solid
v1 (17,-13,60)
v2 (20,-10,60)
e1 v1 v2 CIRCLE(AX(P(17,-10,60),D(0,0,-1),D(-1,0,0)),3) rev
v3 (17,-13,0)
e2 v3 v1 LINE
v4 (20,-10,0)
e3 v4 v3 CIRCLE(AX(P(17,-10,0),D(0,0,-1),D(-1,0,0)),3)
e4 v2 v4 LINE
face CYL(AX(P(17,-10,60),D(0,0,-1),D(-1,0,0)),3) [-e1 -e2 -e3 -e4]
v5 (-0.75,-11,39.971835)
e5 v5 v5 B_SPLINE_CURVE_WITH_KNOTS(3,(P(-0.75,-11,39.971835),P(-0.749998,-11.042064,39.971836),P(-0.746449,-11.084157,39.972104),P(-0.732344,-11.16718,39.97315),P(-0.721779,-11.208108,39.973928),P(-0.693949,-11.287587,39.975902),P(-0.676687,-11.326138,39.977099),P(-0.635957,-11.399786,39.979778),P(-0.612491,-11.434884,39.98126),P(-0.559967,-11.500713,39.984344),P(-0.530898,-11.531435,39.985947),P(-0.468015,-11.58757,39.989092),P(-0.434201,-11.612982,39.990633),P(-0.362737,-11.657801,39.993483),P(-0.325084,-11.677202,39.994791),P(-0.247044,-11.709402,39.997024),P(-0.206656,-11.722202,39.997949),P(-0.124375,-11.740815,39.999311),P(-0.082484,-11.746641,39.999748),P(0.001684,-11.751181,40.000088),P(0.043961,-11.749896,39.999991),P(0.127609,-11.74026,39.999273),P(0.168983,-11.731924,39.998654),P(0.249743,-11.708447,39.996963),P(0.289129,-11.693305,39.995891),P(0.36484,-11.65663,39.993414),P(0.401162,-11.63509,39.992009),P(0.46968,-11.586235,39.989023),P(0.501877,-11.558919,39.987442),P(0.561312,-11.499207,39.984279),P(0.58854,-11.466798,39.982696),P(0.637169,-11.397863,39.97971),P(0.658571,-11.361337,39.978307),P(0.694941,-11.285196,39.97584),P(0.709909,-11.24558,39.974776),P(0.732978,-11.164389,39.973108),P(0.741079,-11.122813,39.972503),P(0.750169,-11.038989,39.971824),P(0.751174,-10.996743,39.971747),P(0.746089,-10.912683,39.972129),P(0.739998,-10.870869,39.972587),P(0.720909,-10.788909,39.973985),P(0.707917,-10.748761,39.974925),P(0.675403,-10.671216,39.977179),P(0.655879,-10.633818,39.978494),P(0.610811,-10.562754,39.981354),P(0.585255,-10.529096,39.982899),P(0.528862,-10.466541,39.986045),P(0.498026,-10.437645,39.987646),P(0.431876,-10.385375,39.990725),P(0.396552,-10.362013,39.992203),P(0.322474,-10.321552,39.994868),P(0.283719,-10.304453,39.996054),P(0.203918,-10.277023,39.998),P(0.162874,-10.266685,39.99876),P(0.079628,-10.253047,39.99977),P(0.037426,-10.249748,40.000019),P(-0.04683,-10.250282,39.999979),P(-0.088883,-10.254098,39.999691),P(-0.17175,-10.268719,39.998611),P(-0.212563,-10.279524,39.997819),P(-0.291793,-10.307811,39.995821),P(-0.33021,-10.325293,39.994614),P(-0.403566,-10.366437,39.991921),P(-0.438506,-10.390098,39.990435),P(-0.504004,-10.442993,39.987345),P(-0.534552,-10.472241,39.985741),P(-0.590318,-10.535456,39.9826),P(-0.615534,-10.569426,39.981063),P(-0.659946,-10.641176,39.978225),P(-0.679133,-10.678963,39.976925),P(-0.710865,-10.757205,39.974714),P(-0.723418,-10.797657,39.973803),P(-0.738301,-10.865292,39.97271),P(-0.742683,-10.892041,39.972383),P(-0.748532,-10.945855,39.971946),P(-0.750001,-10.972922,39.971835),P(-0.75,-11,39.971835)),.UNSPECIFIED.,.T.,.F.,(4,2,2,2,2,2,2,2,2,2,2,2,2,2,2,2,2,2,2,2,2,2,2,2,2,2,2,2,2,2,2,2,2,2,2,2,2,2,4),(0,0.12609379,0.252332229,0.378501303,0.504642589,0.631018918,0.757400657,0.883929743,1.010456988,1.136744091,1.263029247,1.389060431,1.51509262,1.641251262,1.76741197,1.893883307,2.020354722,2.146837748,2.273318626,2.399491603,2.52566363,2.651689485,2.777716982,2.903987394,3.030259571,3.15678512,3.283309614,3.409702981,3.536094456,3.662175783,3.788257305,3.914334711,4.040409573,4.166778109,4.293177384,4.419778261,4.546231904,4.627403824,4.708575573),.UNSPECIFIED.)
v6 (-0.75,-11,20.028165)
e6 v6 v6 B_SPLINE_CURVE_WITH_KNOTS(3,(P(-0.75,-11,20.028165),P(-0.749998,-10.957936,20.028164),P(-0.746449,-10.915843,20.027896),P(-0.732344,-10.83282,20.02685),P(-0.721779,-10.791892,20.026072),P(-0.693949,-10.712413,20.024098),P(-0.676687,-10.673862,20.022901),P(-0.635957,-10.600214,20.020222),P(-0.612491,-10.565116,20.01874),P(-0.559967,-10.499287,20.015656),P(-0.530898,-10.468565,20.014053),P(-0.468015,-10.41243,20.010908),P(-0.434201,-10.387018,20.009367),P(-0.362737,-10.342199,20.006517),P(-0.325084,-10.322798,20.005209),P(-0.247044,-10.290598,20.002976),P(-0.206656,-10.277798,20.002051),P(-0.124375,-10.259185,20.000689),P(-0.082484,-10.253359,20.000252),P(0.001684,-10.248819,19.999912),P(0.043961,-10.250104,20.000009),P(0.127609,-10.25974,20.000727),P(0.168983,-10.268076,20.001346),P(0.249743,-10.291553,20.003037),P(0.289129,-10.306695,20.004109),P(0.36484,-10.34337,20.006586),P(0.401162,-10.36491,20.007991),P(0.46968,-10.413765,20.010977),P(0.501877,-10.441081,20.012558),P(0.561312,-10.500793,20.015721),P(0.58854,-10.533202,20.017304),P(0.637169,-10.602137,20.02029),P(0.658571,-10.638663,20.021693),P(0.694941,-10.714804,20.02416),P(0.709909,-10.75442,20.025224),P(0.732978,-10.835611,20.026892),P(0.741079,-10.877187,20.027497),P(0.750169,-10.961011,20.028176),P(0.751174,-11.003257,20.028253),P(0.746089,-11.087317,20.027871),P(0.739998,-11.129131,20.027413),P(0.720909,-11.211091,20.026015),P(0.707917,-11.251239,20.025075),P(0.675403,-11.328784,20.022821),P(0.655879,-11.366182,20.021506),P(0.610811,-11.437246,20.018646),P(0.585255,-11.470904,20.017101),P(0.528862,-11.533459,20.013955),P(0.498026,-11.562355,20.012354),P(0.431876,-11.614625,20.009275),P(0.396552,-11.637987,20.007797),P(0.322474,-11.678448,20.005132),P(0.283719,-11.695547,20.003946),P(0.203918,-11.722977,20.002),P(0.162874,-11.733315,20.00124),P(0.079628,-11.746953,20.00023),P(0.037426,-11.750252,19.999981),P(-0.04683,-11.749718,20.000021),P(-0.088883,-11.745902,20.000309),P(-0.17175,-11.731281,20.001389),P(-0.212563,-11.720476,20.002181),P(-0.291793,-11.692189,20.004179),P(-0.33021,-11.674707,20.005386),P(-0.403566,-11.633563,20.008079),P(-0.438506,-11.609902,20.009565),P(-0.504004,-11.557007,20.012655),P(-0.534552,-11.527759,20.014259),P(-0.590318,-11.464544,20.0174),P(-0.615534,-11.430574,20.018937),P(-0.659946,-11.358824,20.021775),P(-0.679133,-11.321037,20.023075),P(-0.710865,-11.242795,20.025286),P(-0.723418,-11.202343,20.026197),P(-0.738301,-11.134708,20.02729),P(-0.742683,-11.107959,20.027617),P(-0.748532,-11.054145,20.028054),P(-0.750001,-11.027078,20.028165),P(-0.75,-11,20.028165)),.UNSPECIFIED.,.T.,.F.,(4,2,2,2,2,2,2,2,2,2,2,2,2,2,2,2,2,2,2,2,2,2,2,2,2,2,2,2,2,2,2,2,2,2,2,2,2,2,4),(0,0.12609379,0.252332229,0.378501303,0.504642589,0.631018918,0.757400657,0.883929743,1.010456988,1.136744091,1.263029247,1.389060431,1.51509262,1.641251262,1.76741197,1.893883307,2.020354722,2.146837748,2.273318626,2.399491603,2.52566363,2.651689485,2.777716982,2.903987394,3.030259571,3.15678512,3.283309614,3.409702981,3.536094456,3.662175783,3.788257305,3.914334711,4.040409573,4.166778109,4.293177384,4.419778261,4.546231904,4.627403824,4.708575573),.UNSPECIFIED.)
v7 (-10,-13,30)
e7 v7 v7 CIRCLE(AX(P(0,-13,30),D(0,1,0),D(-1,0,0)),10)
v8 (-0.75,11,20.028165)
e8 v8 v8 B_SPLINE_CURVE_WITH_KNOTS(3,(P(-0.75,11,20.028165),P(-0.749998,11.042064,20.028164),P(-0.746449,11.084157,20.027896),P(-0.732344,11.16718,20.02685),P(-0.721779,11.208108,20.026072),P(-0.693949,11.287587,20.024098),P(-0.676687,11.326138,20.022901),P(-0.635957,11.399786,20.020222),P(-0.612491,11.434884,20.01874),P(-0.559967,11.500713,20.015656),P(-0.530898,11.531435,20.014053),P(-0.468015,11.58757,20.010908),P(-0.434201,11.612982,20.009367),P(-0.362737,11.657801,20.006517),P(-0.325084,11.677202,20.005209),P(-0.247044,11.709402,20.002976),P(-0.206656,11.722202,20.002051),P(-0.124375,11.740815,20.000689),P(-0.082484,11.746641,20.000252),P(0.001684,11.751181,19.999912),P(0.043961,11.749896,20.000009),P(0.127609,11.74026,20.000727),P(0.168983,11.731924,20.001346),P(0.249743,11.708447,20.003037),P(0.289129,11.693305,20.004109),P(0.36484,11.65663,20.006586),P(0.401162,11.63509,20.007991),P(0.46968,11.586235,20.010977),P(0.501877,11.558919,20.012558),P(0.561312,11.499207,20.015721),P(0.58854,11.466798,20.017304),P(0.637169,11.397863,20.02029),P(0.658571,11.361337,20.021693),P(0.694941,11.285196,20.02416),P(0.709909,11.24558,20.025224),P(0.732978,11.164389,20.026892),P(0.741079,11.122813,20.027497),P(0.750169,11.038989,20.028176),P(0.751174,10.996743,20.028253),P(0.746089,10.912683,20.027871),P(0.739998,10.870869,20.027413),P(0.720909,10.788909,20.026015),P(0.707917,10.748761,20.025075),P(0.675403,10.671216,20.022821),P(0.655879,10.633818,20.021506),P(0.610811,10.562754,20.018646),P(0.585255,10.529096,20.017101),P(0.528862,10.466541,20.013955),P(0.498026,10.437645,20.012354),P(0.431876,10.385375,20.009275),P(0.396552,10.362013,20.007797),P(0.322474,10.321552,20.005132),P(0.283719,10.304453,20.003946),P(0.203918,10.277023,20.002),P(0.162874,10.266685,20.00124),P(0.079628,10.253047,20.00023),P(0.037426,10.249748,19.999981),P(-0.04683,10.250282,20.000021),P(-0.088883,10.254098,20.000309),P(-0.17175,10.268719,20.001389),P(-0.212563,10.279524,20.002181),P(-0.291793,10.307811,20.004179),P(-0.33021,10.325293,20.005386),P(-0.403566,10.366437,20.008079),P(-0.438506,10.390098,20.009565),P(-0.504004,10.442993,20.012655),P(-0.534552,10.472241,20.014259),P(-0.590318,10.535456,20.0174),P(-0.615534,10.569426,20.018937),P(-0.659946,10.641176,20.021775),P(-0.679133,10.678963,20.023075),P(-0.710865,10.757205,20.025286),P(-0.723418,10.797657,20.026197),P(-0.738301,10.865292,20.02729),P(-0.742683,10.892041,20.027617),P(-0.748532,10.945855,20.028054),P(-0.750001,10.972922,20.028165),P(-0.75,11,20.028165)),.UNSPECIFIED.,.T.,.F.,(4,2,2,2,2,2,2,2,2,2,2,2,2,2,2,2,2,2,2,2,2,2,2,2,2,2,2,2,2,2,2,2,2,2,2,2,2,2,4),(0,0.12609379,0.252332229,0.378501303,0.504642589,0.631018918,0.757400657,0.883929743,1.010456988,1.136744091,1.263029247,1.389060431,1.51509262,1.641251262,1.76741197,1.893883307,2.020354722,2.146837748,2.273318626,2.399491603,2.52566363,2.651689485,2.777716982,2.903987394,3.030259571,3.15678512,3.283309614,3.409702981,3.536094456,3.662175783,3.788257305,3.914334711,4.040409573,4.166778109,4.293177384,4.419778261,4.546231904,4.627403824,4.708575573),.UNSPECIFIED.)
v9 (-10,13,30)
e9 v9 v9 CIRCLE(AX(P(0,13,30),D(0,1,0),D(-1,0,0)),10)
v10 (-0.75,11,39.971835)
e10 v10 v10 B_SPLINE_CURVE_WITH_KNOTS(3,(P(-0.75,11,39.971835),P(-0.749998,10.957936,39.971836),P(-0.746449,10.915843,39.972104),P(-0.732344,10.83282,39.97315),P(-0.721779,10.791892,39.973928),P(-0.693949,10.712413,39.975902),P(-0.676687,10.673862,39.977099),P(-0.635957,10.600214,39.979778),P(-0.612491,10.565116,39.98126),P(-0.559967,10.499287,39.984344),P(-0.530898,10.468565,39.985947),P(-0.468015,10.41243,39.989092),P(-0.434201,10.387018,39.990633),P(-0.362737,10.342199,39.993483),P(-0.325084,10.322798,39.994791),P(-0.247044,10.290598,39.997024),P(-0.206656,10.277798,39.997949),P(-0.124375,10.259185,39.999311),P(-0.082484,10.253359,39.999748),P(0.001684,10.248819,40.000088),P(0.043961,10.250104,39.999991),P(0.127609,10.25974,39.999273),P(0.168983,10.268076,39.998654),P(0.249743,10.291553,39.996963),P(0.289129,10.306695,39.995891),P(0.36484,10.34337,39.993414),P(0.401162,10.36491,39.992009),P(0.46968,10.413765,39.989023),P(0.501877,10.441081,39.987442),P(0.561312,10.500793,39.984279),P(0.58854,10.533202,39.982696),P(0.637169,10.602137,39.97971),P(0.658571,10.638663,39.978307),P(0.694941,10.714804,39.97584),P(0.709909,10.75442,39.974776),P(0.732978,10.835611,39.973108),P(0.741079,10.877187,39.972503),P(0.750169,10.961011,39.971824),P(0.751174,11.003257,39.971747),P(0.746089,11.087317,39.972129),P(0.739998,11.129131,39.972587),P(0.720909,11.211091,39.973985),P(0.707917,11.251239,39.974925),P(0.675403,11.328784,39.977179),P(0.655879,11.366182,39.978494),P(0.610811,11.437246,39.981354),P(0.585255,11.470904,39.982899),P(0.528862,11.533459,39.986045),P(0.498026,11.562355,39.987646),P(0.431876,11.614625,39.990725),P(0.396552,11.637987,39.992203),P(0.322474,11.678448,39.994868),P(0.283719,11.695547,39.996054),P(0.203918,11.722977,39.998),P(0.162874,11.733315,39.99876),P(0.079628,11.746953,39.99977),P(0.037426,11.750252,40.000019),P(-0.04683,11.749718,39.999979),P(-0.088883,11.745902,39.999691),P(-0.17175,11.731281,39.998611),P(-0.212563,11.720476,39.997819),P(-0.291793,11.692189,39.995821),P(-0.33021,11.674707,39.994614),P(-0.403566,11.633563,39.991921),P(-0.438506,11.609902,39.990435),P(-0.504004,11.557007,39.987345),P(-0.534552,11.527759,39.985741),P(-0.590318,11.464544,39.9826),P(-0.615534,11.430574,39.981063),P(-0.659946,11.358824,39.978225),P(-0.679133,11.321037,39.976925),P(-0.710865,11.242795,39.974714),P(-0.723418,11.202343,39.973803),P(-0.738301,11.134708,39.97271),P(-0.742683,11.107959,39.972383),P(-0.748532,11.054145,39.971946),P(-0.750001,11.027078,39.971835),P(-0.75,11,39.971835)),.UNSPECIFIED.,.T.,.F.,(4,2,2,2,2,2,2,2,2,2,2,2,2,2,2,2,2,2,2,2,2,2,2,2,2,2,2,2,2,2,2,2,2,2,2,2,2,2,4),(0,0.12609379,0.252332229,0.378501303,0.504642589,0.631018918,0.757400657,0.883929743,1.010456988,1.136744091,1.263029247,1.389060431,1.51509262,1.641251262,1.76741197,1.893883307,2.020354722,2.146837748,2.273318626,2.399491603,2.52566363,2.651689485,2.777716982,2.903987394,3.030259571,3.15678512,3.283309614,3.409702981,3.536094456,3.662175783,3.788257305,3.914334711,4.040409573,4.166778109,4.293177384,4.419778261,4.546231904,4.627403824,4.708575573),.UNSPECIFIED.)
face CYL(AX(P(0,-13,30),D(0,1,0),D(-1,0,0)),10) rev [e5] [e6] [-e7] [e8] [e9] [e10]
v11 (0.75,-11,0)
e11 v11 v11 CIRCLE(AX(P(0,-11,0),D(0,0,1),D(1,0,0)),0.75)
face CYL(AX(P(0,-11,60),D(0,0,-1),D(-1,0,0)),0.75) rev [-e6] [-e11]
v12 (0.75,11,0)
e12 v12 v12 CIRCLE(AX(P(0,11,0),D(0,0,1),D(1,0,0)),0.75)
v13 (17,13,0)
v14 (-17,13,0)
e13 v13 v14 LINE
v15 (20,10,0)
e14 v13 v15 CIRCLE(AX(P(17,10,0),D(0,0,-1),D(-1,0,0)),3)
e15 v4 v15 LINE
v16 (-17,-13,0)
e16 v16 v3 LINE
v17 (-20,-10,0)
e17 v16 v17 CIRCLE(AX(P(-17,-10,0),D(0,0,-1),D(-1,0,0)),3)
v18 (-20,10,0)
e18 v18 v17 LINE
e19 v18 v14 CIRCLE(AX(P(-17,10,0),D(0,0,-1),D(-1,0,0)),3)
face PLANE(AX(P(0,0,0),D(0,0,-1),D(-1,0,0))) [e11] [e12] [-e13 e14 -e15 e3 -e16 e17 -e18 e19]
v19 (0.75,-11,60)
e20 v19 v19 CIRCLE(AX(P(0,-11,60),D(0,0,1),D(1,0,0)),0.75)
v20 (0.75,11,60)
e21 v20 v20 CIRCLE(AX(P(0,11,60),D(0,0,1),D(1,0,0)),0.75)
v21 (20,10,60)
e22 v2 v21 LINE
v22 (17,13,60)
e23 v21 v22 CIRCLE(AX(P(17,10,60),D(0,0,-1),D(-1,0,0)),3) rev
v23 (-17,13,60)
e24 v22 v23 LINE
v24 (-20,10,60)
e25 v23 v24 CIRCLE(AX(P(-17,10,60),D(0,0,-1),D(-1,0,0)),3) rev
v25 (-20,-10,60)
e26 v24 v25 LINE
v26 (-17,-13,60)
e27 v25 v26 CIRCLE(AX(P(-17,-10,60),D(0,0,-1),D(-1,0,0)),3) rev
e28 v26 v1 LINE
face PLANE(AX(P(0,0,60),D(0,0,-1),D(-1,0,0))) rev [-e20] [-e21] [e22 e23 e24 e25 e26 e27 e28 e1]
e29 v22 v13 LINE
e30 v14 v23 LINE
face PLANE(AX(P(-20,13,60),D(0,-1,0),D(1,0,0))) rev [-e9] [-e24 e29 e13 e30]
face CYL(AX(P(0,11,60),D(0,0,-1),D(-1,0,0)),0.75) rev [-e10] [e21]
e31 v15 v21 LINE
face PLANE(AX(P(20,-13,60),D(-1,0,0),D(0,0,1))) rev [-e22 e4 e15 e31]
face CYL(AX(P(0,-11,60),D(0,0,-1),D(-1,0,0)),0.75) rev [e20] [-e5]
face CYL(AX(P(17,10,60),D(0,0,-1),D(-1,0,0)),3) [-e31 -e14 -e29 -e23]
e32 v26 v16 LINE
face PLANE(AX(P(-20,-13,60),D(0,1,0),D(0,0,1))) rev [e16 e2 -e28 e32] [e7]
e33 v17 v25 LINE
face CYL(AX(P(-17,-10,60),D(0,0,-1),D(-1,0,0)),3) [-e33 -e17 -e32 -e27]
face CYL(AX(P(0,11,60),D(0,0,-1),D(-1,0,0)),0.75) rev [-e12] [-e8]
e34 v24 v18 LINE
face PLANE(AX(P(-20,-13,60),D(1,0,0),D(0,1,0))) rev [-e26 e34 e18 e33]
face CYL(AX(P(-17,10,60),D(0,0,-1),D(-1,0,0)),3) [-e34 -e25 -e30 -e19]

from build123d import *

# Parameters (mm, degrees)
SKETCH1_W           = 40
SKETCH1_H           = 26
SKETCH1_R           = 0.75
BOSS_EXTRUDE1_DEPTH = 60
FILLET1_R           = 3
FILLET2_R           = 3
SKETCH2_R           = 10
CUT_EXTRUDE1_DEPTH  = 27


with BuildPart() as part:
    # Sketch1 → Boss-Extrude1 (new body)
    with BuildSketch(Plane.XY):
        Rectangle(SKETCH1_W, SKETCH1_H)
        with Locations((0, 11)):
            Circle(SKETCH1_R, mode=Mode.SUBTRACT)
        with Locations((0, -11)):
            Circle(SKETCH1_R, mode=Mode.SUBTRACT)
    extrude(amount=BOSS_EXTRUDE1_DEPTH)

    # Fillet1
    fillet1_edges = [part.edges().sort_by_distance(p)[0] for p in [
        (20, 13, 30),
    ]]
    fillet(fillet1_edges, radius=FILLET1_R)

    # Fillet2
    fillet2_edges = [part.edges().sort_by_distance(p)[0] for p in [
        (20, -13, 30),
        (-20, -13, 30),
        (-20, 13, 30),
    ]]
    fillet(fillet2_edges, radius=FILLET2_R)

    # Sketch2 → Cut-Extrude1 (cut, through all)
    with BuildSketch(Plane(origin=(0, 13, 0), x_dir=(1, 0, 0), z_dir=(0, 1, 0))):
        with Locations((0, -30)):
            Circle(SKETCH2_R)
    extrude(amount=-CUT_EXTRUDE1_DEPTH, mode=Mode.SUBTRACT)


solid = part.part
